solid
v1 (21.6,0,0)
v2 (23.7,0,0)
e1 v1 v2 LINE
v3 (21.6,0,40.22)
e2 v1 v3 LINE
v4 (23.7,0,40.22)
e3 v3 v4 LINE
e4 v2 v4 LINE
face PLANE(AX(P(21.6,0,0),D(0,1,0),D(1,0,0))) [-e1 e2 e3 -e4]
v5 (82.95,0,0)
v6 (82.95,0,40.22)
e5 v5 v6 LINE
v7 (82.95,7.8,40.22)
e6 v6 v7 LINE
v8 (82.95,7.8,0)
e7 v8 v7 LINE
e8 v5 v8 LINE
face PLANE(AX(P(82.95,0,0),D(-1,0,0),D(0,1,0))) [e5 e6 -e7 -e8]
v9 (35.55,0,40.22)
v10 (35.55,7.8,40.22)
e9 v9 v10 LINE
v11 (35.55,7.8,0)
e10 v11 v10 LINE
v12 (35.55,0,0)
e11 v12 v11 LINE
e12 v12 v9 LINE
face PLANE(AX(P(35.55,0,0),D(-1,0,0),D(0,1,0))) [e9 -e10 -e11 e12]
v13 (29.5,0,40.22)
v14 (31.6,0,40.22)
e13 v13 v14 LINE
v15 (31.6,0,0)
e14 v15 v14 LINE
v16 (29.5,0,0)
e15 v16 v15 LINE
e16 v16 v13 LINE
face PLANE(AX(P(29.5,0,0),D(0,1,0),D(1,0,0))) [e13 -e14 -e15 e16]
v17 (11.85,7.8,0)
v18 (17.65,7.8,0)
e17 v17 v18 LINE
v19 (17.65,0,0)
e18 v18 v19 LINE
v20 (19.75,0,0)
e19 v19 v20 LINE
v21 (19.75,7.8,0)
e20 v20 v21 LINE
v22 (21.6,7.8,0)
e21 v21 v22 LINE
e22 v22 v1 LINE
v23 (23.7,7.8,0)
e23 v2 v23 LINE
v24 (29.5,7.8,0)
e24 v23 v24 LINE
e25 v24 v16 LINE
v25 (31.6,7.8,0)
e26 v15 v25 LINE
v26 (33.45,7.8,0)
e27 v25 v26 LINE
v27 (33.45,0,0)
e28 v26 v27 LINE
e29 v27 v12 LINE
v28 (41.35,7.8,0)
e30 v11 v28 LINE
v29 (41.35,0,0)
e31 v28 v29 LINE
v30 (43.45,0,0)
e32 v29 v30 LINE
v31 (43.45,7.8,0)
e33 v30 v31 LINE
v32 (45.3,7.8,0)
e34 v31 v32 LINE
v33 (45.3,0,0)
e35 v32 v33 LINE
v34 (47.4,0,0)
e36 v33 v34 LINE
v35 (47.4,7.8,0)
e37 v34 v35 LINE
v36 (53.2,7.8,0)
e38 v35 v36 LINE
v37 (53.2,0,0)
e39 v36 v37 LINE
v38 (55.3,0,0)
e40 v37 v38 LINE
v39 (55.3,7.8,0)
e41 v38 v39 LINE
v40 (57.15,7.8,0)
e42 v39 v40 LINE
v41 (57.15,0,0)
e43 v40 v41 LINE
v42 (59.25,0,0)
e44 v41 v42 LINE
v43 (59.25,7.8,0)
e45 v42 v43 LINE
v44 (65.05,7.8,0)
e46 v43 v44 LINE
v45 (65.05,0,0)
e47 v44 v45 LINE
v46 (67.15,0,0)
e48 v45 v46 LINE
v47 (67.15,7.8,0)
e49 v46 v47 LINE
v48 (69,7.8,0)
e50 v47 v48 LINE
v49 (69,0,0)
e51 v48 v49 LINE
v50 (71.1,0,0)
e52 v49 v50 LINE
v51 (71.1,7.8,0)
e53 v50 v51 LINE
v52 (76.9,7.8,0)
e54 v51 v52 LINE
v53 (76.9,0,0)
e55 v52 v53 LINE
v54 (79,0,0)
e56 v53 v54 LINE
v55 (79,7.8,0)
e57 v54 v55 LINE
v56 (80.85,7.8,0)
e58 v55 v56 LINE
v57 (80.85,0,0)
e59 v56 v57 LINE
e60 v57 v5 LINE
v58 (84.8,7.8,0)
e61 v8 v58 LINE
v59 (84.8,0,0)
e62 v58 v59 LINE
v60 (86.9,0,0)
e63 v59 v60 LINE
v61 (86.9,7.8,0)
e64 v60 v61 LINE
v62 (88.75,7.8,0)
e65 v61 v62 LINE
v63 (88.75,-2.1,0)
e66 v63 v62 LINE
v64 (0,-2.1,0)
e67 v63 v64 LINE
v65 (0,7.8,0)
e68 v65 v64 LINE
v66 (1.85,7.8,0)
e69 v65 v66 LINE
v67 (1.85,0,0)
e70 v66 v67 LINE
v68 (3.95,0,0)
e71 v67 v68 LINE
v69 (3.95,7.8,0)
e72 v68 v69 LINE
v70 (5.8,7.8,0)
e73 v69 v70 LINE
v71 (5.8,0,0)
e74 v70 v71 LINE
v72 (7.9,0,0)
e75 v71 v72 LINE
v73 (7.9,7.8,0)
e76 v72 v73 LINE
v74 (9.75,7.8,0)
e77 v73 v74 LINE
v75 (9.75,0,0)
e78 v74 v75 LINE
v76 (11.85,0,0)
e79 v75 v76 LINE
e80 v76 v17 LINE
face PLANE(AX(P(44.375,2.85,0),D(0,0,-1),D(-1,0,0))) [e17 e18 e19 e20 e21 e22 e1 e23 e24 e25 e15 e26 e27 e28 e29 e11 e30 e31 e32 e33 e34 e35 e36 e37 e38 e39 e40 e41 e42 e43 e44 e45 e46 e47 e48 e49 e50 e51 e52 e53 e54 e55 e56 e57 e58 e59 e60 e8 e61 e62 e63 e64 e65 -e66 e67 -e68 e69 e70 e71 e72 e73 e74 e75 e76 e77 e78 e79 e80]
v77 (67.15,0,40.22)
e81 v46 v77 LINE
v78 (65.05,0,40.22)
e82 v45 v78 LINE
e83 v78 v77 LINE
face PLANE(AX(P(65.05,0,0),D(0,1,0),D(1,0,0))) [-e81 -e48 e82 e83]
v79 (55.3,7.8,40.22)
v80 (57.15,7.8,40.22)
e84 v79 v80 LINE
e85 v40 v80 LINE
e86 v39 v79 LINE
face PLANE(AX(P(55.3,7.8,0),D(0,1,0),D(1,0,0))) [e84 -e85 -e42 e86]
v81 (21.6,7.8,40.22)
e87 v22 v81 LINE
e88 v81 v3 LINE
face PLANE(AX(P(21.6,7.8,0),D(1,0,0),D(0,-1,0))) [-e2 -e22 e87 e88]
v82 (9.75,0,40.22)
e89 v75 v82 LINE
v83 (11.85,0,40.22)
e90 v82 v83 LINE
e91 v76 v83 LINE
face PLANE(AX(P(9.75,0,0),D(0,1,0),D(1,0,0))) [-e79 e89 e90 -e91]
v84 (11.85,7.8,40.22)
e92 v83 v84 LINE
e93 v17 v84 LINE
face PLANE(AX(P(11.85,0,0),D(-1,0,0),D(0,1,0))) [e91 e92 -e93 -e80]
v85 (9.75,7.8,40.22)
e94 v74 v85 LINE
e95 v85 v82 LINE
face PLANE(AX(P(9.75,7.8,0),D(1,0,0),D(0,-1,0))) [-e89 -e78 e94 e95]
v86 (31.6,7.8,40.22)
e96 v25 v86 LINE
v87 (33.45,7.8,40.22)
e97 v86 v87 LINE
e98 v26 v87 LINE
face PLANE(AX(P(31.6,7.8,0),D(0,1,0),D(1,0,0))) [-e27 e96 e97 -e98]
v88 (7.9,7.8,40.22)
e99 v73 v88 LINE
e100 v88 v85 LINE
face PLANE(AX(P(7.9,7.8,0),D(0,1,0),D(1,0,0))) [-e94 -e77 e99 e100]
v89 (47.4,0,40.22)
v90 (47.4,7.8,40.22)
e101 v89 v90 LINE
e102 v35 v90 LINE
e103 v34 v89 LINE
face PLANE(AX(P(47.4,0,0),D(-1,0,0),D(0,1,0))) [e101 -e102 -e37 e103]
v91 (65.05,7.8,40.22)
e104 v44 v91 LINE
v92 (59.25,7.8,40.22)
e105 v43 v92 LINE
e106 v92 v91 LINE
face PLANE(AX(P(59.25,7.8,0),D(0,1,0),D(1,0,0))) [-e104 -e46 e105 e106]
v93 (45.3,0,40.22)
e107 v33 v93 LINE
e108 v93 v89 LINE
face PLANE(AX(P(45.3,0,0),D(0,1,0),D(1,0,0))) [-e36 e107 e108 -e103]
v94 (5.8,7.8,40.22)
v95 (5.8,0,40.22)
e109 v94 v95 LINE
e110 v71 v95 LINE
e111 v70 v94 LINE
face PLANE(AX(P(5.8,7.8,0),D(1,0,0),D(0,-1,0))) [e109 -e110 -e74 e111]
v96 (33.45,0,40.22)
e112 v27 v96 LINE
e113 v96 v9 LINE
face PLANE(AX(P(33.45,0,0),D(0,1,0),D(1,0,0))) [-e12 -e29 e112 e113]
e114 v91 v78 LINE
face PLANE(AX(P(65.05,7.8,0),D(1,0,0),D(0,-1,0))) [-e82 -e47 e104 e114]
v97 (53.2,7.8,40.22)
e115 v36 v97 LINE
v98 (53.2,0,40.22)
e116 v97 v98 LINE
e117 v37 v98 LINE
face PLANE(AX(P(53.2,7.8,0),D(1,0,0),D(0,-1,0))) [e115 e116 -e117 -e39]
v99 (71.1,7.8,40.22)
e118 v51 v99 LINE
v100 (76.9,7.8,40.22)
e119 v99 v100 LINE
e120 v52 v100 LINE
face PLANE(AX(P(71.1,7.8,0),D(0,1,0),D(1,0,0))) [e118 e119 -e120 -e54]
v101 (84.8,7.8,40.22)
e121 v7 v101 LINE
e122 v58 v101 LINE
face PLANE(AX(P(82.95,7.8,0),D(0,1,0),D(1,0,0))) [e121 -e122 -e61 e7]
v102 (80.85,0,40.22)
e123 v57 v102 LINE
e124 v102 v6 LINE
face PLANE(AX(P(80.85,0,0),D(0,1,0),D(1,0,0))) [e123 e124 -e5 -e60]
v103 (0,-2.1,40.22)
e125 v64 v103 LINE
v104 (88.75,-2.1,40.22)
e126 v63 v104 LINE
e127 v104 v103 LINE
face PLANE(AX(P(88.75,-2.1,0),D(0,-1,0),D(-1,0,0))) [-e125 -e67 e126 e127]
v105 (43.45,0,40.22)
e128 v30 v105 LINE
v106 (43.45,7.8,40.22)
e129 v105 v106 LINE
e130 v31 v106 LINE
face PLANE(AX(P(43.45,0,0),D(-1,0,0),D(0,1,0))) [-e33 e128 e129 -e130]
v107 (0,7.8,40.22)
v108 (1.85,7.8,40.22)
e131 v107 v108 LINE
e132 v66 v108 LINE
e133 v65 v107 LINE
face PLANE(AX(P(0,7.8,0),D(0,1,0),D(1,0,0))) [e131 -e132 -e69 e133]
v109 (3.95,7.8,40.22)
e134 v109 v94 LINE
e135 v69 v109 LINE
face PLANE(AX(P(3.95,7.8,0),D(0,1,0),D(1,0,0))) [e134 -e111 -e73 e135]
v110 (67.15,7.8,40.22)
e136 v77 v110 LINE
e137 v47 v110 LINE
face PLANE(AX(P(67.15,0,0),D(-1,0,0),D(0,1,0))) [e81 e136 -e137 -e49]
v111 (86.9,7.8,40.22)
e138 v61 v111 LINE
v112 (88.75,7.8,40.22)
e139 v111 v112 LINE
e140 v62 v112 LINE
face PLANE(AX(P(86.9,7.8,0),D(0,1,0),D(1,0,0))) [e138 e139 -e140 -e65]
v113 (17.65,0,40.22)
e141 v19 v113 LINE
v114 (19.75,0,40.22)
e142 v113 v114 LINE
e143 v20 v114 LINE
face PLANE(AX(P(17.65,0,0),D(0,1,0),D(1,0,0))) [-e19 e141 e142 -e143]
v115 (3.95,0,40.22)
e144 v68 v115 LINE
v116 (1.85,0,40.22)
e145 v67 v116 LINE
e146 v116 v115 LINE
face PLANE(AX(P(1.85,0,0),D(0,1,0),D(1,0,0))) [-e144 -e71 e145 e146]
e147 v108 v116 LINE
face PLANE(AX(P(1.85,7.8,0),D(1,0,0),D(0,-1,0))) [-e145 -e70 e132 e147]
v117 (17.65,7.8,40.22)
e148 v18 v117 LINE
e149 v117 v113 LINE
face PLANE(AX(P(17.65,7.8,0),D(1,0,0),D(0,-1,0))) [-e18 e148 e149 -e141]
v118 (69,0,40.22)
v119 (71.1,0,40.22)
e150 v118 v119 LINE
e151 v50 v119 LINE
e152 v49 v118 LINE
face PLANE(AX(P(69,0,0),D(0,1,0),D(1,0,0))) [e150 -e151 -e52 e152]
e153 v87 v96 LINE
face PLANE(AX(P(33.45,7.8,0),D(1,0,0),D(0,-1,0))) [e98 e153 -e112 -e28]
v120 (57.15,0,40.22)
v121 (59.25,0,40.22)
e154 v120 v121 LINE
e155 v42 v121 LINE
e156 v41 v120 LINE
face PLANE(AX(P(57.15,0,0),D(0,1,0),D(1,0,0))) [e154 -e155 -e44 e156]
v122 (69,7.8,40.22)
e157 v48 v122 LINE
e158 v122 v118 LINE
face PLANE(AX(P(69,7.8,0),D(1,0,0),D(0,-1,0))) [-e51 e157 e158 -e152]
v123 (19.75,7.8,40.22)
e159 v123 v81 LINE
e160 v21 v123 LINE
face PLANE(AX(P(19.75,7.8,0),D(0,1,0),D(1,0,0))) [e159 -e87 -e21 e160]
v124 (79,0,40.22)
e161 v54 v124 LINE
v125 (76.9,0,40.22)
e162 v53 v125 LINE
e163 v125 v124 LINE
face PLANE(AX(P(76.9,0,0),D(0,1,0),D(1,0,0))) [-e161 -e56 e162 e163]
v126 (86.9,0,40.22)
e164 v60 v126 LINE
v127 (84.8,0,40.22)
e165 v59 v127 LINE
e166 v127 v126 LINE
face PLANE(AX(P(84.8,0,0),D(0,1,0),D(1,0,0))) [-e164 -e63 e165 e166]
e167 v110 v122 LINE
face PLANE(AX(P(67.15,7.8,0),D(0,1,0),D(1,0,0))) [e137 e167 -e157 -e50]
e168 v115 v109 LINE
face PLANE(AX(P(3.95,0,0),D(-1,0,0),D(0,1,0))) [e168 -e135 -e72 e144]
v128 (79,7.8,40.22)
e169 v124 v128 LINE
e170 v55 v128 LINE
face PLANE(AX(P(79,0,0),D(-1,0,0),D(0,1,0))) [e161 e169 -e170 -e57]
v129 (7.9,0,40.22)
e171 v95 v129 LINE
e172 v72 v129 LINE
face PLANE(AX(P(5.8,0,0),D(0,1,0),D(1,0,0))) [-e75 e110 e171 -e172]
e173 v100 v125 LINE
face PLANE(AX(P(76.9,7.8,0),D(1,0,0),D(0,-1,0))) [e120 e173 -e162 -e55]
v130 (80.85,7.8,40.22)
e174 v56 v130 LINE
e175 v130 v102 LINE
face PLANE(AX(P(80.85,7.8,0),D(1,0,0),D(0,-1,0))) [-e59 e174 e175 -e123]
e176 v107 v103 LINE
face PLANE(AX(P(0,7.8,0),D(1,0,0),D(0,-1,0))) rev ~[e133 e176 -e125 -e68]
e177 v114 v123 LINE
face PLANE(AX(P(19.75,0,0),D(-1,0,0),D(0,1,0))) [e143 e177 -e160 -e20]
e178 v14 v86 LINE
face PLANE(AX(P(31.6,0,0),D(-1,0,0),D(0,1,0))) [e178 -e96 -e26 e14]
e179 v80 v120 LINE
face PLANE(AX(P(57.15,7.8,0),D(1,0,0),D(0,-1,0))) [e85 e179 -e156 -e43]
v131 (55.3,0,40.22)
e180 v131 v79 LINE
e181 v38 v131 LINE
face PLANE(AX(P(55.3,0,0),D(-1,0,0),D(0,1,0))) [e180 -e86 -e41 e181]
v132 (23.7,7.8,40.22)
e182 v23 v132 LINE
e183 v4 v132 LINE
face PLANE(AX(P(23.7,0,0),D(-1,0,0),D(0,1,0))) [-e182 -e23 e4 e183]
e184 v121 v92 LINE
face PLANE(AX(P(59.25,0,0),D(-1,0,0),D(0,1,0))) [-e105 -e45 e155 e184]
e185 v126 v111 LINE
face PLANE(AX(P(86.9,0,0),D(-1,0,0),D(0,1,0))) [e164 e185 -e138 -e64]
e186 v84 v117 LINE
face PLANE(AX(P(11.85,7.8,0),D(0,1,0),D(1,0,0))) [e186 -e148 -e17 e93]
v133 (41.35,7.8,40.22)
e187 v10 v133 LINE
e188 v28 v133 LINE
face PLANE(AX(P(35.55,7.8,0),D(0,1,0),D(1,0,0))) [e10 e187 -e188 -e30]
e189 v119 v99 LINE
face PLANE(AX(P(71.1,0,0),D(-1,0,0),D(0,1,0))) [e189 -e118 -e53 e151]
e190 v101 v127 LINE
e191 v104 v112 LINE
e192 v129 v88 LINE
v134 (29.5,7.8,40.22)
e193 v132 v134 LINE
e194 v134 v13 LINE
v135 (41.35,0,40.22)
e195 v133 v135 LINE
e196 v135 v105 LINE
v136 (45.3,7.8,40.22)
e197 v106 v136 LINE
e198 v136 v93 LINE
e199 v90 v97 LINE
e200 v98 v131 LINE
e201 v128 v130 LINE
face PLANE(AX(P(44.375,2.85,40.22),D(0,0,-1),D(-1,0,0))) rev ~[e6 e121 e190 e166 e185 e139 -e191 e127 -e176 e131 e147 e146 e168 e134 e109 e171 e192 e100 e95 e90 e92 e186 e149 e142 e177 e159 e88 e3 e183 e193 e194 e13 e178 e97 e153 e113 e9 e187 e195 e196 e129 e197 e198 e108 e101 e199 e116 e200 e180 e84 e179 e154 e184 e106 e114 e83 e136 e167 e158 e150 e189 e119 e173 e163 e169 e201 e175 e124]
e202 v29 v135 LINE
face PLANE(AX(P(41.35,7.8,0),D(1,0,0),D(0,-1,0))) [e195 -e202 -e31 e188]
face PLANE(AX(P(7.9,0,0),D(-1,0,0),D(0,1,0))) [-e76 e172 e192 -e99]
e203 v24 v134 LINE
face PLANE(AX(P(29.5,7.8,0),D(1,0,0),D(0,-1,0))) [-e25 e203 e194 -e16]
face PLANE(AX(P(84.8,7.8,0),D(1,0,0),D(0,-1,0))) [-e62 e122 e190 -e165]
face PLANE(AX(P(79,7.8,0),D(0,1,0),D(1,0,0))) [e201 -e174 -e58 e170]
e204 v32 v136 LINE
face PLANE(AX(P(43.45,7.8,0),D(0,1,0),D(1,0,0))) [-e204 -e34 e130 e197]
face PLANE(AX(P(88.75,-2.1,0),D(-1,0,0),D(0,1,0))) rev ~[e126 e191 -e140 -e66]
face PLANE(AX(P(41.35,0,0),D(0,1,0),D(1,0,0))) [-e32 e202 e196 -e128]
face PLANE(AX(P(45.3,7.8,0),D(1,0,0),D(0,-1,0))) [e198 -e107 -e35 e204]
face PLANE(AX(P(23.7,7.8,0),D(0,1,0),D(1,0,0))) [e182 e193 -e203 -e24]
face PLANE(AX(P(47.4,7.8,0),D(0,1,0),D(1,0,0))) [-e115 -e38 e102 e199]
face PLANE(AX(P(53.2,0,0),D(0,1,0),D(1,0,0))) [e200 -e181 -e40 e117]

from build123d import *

# Parameters (mm, degrees)
Y_KSEKLIK_EKSTR_ZYON1_DEPTH = 40.22


with BuildPart() as part:
    # Çizim1 → Yükseklik-Ekstrüzyon1 (new body)
    with BuildSketch(Plane.XY):
        Polygon((0, 0), (0, 7.8), (1.85, 7.8), (1.85, 0), (3.95, 0), (3.95, 7.8), (5.8, 7.8), (5.8, 0), (7.9, 0), (7.9, 7.8), (9.75, 7.8), (9.75, 0), (11.85, 0), (11.85, 7.8), (17.65, 7.8), (17.65, 0), (19.75, 0), (19.75, 7.8), (21.6, 7.8), (21.6, 0), (23.7, 0), (23.7, 7.8), (29.5, 7.8), (29.5, 0), (31.6, 0), (31.6, 7.8), (33.45, 7.8), (33.45, 0), (35.55, 0), (35.55, 7.8), (41.35, 7.8), (41.35, 0), (43.45, 0), (43.45, 7.8), (45.3, 7.8), (45.3, 0), (47.4, 0), (47.4, 7.8), (53.2, 7.8), (53.2, 0), (55.3, 0), (55.3, 7.8), (57.15, 7.8), (57.15, 0), (59.25, 0), (59.25, 7.8), (65.05, 7.8), (65.05, 0), (67.15, 0), (67.15, 7.8), (69, 7.8), (69, 0), (71.1, 0), (71.1, 7.8), (76.9, 7.8), (76.9, 0), (79, 0), (79, 7.8), (80.85, 7.8), (80.85, 0), (82.95, 0), (82.95, 7.8), (84.8, 7.8), (84.8, 0), (86.9, 0), (86.9, 7.8), (88.75, 7.8), (88.75, 0), (88.75, -2.1), (0, -2.1), align=None)
    extrude(amount=Y_KSEKLIK_EKSTR_ZYON1_DEPTH)


solid = part.part
